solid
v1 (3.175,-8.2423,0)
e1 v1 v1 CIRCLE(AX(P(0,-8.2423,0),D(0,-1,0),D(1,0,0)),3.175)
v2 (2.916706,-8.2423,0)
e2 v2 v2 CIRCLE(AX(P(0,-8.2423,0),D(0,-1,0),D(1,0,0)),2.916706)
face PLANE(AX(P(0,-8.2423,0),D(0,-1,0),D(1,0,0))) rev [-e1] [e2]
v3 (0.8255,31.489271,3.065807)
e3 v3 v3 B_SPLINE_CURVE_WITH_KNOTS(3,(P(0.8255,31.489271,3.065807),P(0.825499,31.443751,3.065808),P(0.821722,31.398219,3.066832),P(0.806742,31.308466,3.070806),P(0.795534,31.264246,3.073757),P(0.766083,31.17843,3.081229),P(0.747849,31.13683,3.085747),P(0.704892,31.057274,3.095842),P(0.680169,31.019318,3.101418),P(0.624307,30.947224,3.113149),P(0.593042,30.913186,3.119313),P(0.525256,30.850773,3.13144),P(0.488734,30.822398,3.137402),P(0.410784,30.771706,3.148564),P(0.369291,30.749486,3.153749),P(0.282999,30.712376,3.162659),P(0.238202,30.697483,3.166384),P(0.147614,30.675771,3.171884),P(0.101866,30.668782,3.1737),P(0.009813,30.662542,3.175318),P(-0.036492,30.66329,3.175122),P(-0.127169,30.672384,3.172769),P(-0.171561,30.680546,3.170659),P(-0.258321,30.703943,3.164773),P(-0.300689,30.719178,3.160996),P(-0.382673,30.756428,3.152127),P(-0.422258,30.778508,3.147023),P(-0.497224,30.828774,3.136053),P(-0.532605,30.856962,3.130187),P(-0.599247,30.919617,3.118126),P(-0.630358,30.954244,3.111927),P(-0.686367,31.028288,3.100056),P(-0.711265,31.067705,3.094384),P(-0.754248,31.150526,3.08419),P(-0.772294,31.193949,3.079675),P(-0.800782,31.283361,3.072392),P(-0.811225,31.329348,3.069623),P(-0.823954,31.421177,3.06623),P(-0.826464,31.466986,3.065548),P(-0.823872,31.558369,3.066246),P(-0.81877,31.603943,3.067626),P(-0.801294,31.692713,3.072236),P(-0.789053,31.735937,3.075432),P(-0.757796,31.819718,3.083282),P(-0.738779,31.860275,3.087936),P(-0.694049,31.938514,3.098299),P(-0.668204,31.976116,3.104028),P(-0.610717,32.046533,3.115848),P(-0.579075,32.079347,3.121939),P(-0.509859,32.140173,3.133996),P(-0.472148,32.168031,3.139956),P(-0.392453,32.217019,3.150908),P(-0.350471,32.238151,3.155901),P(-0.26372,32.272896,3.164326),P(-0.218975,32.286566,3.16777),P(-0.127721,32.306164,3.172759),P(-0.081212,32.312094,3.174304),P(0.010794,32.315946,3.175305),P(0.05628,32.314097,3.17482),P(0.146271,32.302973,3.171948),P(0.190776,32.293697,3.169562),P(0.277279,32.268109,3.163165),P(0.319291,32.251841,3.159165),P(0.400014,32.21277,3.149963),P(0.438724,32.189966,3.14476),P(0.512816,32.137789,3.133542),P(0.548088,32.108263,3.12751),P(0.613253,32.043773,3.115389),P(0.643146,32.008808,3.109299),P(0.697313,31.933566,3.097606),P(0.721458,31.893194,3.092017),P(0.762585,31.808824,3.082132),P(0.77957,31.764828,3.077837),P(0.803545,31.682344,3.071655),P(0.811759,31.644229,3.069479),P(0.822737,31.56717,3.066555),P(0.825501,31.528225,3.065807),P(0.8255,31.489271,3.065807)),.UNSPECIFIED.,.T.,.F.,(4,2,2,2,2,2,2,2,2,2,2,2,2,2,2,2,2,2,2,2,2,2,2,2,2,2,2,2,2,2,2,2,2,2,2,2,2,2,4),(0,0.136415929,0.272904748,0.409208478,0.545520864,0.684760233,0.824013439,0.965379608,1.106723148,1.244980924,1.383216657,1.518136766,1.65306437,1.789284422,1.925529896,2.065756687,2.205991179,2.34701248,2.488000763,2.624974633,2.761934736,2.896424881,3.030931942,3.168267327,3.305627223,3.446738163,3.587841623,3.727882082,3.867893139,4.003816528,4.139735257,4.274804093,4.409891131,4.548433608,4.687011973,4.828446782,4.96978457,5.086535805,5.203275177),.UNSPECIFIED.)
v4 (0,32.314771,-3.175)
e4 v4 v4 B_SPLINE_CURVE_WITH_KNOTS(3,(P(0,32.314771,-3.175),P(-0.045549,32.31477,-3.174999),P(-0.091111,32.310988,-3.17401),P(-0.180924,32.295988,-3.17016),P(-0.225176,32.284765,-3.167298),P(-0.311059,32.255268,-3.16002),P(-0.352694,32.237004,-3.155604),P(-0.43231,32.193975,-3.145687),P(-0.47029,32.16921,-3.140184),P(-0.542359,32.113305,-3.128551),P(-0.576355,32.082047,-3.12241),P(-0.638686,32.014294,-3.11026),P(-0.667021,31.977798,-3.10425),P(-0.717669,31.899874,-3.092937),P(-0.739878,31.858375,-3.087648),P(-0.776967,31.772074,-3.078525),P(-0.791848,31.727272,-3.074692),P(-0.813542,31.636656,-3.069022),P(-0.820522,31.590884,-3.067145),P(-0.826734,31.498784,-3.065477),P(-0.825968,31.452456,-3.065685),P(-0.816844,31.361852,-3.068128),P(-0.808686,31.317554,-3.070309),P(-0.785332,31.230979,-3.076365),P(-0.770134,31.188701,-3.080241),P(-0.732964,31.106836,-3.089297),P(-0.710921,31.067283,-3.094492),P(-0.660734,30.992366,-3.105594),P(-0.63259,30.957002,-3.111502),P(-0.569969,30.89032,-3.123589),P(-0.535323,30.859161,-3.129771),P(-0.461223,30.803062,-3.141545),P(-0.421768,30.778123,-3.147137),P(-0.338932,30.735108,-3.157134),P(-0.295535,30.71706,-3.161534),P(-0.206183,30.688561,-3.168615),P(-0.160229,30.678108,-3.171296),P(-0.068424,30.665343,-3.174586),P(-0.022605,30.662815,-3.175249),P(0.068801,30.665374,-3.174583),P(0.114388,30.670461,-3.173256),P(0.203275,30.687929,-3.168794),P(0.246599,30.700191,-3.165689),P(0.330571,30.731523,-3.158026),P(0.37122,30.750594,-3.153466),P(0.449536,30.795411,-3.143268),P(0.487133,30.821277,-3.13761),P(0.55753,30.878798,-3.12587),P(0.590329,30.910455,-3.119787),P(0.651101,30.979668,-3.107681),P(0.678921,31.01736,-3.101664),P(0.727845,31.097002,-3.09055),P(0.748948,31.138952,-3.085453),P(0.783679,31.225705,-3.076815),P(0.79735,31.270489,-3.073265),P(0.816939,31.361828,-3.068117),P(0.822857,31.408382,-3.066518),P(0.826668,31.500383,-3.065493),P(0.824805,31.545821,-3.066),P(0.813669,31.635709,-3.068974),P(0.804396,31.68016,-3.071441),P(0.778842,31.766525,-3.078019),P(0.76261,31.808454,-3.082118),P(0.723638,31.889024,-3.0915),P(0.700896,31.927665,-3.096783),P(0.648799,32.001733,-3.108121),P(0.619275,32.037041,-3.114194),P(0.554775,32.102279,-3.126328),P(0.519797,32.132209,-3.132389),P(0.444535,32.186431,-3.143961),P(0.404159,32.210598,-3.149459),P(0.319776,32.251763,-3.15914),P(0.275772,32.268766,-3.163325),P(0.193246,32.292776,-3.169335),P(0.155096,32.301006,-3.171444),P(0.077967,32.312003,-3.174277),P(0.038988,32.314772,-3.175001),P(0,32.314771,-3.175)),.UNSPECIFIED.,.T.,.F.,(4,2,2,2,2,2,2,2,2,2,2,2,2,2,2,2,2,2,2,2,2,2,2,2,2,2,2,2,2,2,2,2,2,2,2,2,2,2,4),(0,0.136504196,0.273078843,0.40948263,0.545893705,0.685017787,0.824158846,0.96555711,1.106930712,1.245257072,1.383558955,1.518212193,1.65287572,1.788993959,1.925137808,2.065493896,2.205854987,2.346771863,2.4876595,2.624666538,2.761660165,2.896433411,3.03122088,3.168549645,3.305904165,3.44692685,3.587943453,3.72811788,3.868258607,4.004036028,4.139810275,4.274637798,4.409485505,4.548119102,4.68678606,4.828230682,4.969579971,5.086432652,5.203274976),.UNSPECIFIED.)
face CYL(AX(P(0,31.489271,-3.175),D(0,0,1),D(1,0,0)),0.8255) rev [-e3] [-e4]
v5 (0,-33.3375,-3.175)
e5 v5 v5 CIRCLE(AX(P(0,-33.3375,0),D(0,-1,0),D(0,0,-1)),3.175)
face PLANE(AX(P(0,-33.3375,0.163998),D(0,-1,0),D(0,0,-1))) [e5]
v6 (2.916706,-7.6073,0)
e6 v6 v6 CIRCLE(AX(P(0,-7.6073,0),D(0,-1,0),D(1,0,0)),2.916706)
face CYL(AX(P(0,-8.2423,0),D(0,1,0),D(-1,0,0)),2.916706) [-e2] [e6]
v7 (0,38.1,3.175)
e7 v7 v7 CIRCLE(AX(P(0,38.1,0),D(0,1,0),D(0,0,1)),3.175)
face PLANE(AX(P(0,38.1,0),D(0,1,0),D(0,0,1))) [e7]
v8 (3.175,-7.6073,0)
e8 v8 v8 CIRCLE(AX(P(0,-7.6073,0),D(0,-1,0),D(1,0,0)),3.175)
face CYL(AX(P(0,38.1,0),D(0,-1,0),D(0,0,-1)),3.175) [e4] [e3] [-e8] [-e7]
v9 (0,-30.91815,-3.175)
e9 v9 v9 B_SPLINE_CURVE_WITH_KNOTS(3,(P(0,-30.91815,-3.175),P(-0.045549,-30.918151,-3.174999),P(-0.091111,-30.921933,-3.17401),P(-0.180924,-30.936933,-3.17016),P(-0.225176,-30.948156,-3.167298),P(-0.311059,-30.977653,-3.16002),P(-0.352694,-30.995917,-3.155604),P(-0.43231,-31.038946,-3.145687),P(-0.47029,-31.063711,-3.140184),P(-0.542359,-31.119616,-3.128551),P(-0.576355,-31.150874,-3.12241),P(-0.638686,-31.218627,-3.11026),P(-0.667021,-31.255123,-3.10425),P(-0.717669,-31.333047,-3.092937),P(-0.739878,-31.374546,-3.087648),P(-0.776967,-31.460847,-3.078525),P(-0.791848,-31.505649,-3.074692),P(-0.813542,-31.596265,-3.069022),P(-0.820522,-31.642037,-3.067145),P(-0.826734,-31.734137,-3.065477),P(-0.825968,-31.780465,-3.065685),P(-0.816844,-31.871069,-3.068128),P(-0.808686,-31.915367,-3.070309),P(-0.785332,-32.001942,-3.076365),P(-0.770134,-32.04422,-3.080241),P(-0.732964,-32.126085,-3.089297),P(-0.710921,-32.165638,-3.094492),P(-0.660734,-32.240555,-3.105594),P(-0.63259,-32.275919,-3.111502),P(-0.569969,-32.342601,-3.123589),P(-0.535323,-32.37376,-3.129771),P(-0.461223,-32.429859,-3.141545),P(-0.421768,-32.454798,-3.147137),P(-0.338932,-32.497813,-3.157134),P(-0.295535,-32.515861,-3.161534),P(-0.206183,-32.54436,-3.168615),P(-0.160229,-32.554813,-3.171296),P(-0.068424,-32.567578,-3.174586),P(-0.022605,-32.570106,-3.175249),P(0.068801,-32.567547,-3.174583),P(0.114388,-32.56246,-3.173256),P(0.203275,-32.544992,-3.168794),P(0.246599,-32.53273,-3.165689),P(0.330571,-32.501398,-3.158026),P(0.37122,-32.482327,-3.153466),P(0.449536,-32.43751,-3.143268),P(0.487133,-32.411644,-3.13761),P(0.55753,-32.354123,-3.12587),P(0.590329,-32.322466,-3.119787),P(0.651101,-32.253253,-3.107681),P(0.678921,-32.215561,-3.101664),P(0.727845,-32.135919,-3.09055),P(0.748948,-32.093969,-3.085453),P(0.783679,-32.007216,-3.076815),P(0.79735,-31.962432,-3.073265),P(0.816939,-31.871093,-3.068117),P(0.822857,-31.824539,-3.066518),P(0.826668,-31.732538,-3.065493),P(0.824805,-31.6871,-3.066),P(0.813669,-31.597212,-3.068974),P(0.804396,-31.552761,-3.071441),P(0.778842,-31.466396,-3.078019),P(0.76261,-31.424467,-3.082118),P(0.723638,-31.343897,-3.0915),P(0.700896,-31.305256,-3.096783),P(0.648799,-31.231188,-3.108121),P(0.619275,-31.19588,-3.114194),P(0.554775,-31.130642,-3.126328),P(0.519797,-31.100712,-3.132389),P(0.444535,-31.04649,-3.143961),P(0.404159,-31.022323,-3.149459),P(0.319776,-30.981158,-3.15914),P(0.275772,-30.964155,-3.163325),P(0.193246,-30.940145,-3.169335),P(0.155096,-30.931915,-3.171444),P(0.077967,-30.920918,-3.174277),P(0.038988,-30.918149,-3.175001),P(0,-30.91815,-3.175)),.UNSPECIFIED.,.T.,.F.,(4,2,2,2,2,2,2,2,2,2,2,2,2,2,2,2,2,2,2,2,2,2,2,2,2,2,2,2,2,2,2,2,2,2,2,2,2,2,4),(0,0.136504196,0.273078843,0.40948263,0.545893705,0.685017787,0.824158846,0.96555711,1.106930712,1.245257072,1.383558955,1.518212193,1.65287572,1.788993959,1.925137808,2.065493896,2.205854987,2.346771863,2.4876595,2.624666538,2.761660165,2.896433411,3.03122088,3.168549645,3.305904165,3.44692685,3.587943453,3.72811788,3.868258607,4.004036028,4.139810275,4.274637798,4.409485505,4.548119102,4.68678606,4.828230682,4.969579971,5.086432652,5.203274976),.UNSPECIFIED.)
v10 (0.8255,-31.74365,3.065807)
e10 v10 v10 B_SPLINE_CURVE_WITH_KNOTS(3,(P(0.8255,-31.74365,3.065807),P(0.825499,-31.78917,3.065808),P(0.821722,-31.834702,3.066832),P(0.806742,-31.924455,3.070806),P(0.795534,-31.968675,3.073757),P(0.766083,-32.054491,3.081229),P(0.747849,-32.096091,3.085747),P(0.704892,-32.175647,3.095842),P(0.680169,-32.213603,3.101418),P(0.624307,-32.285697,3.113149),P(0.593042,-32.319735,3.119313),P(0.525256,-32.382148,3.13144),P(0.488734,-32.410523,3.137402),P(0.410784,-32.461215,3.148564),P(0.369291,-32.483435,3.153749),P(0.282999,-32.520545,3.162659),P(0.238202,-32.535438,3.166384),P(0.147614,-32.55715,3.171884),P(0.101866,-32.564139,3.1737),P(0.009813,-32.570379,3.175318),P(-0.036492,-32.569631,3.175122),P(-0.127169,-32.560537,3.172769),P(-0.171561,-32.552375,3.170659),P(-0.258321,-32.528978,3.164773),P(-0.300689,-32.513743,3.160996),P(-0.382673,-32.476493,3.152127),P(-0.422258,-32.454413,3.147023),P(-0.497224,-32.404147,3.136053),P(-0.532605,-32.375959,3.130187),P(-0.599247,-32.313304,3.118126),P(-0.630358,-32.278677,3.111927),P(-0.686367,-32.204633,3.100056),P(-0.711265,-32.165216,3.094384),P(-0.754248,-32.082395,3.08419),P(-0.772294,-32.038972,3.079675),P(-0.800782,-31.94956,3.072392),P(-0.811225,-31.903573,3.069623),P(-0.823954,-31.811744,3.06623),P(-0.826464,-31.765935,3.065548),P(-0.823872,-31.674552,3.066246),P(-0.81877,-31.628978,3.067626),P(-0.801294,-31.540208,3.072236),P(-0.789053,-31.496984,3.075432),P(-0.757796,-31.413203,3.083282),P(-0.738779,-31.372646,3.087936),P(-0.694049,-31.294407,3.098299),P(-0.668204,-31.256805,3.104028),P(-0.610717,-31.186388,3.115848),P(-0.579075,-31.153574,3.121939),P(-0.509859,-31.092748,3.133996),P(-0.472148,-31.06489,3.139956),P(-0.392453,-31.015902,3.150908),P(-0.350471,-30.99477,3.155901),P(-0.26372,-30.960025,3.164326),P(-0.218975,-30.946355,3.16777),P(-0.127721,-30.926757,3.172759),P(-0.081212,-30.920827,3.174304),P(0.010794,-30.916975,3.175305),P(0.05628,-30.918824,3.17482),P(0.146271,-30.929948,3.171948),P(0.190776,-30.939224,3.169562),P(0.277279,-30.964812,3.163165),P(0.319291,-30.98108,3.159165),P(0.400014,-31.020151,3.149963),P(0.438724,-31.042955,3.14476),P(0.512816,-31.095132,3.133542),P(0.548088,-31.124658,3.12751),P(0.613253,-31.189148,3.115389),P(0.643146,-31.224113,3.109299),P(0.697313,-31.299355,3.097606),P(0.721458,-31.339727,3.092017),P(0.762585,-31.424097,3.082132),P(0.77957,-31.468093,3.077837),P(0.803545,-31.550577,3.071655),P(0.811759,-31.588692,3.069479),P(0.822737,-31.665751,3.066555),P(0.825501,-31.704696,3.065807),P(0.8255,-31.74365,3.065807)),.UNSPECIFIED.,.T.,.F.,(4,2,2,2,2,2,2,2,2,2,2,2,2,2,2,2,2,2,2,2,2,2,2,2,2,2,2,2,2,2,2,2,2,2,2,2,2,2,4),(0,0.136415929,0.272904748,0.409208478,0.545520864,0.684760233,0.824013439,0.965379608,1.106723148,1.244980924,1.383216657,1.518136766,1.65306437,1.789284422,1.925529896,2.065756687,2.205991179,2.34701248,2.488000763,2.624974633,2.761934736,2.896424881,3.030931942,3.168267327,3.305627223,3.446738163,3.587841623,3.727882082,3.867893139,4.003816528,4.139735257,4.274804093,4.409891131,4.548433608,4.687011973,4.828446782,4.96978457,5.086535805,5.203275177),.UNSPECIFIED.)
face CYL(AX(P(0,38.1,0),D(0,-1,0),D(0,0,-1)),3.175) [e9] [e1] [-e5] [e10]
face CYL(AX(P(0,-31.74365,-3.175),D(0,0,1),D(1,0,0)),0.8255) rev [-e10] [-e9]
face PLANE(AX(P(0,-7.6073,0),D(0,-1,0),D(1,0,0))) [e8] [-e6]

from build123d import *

# Parameters (mm, degrees)
SKETCH1_R               = 3.175
BOSS_EXTRUDE1_DEPTH     = 38.1
SKETCH2_R               = 7.237173009
CUT_EXTRUDE1_DEPTH      = 4.7625
CUT_EXTRUDE2_DEPTH      = 39.363670966
CUT_EXTRUDE2_DEPTH_BACK = 39.363670966
SKETCH4_R               = 0.8255
SKETCH5_R               = 3.175
SKETCH5_R_2             = 2.916705682
CUT_EXTRUDE3_DEPTH      = 0.635


with BuildPart() as part:
    # Sketch1 → Boss-Extrude1 (new, symmetric)
    with BuildSketch(Plane(origin=(0, 0, 0), x_dir=(1, 0, 0), z_dir=(0, 1, 0))):
        with Locations(Location((0, 0, 0), (0, 0, 90))):
            Circle(SKETCH1_R)
    extrude(amount=BOSS_EXTRUDE1_DEPTH, both=True)

    # Sketch2 → Cut-Extrude1 (cut)
    with BuildSketch(Plane.XZ.offset(38.1)):
        with Locations((0, 0.163997739)):
            Circle(SKETCH2_R)
    extrude(amount=-CUT_EXTRUDE1_DEPTH, mode=Mode.SUBTRACT)

    # Sketch4 → Cut-Extrude2 (cut, two sides: drawn at the far end of the back side and taken through both)
    with BuildSketch(Plane.XY.offset(-CUT_EXTRUDE2_DEPTH_BACK)):
        with Locations((0, 31.489271019)):
            Circle(SKETCH4_R)
        with Locations((0, -31.74365)):
            Circle(SKETCH4_R)
    extrude(amount=CUT_EXTRUDE2_DEPTH + CUT_EXTRUDE2_DEPTH_BACK, mode=Mode.SUBTRACT)

    # Sketch5 → Cut-Extrude3 (cut)
    with BuildSketch(Plane.XZ.offset(7.6073)):
        with Locations(Location((0, 0, 0), (0, 0, 270))):
            Circle(SKETCH5_R)
        Circle(SKETCH5_R_2, mode=Mode.SUBTRACT)
    extrude(amount=CUT_EXTRUDE3_DEPTH, mode=Mode.SUBTRACT)


solid = part.part
